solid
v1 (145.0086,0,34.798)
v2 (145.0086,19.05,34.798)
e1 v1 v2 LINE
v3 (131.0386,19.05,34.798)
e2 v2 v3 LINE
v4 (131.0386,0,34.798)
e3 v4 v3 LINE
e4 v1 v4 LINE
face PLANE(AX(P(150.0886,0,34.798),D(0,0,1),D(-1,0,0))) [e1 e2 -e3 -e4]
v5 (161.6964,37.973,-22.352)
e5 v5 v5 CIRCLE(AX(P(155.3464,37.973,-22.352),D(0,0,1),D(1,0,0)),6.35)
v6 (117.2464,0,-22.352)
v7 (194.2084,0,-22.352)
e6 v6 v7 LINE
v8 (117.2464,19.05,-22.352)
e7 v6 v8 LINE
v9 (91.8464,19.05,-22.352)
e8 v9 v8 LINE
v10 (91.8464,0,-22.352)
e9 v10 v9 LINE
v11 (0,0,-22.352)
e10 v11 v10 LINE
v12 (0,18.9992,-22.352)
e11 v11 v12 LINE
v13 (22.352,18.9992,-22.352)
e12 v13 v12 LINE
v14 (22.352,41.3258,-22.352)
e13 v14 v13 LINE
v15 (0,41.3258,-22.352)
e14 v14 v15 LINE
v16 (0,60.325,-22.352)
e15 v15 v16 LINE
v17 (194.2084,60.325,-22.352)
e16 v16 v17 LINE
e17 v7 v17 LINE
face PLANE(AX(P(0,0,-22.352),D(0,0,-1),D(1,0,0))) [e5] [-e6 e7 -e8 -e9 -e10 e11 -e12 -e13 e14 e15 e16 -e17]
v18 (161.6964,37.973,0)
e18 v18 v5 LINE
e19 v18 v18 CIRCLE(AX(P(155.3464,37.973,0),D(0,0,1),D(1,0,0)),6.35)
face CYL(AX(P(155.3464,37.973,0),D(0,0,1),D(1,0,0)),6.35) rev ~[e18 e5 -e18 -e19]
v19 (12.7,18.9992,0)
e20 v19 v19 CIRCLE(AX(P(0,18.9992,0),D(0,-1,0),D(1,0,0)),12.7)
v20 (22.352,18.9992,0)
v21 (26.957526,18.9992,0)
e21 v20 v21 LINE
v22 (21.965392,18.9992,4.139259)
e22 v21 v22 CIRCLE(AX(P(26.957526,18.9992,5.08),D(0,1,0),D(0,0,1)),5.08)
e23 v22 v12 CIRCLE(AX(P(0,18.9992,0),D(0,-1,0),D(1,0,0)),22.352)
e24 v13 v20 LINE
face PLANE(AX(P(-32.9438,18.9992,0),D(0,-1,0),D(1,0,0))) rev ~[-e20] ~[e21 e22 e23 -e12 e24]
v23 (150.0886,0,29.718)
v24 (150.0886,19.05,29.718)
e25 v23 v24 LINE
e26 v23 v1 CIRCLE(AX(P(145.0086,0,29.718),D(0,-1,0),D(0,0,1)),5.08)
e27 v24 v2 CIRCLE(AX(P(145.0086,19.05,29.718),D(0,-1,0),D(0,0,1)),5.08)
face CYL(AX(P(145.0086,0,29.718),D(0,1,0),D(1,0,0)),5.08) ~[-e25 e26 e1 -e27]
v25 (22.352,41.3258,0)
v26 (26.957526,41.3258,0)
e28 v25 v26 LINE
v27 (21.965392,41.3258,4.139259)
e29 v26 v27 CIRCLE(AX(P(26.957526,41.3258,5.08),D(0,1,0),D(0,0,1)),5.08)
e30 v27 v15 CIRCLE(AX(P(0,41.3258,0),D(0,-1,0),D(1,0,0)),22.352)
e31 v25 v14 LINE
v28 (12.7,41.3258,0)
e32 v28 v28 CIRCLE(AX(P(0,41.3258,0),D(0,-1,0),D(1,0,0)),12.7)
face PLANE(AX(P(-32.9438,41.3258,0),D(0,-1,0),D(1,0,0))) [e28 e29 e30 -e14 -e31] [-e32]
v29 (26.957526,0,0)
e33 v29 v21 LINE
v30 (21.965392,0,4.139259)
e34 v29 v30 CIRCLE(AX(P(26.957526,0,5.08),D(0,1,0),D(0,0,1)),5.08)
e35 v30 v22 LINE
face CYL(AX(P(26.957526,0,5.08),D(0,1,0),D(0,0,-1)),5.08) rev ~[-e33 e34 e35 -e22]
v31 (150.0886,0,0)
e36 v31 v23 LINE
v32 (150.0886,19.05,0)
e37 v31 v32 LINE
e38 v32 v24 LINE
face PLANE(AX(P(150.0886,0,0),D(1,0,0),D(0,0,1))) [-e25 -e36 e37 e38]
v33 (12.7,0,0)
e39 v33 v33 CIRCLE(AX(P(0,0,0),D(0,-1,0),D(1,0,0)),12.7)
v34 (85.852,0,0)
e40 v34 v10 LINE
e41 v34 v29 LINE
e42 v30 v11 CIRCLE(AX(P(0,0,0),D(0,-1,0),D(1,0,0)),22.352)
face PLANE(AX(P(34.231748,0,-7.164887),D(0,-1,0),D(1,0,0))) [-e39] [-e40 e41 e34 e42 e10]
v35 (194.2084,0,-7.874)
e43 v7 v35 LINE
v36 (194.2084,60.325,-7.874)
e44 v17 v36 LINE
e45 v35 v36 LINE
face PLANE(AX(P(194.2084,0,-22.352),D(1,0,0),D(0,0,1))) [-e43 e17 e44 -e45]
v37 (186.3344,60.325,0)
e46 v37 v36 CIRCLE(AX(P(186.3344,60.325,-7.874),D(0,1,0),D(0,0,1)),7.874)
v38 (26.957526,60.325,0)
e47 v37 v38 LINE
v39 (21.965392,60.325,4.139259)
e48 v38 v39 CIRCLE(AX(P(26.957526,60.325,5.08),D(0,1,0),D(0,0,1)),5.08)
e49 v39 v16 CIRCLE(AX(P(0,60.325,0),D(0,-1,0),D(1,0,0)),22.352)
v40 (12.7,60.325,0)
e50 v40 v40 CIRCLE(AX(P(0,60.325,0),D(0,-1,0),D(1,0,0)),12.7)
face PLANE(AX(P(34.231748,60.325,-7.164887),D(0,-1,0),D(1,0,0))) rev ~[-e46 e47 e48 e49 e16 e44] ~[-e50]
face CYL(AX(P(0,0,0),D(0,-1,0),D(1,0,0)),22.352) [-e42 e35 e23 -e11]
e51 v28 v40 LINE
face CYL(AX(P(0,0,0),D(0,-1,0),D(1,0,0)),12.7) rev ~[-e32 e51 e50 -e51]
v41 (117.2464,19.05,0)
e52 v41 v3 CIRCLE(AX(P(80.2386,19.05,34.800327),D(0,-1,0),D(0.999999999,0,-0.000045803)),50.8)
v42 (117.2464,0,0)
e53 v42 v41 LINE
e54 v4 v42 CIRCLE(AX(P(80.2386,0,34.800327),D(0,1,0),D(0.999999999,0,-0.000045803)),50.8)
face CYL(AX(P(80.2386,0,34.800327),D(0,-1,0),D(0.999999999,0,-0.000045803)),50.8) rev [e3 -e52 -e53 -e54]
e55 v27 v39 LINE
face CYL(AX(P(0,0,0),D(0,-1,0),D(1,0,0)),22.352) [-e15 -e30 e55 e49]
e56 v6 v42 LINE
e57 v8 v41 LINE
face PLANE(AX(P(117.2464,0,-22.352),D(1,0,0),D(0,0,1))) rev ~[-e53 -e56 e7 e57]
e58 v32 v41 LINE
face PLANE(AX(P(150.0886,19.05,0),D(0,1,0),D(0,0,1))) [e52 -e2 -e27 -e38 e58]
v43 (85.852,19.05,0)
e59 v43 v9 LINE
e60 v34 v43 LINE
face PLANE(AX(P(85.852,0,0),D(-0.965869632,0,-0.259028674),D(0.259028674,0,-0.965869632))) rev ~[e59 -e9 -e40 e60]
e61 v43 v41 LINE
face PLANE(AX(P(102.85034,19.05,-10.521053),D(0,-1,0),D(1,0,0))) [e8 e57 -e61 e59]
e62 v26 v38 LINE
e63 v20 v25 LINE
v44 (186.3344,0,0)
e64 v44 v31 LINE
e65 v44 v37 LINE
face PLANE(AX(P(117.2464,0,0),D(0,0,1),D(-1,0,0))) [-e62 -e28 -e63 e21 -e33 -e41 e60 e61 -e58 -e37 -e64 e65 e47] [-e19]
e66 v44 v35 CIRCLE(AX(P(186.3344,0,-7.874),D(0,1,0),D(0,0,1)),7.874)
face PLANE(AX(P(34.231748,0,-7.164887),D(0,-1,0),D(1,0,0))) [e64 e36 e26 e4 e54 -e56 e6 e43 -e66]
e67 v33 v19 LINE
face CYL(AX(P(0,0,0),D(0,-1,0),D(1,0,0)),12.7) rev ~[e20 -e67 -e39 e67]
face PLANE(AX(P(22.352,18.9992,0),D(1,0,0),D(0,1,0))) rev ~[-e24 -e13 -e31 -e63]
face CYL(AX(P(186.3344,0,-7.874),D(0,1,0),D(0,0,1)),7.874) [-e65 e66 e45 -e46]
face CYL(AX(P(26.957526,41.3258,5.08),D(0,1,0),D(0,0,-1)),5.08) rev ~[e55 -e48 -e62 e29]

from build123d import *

# Parameters (mm, degrees)
F0_R     = 12.7
F1_DEPTH = 60.325
F2_DEPTH = 19.05
F3_W     = 41.275
F3_H     = 34.798
F4_DEPTH = 50.8
F5_W     = 55.2958
F5_H     = 22.3266
F6_DEPTH = 63.5
F7_R     = 6.35
F8_DEPTH = 127
F9_R     = 7.874
F10_R    = 5.08
F11_R    = 5.08


with BuildPart() as f1:
    # F0 (on Front) → F1 (new body)
    with BuildSketch(Plane.XZ):
        with BuildLine():
            Line((85.852, 0), (22.352, 0))
            ThreePointArc((22.352, 0), (-15.8052507731, 15.8052507731), (0, -22.352))
            Line((0, -22.352), (91.8464, -22.352))
            Line((91.8464, -22.352), (85.852, 0))
        make_face()
        Circle(F0_R, mode=Mode.SUBTRACT)
        Polygon((117.2464, 0), (85.852, 0), (91.8464, -22.352), (117.2464, -22.352), align=None)
        with BuildLine():
            ThreePointArc((131.0386, 34.798), (127.4644153616, 16.0823576341), (117.2464, 0))
            Line((117.2464, 0), (117.2464, -22.352))
            Line((117.2464, -22.352), (194.2084, -22.352))
            Line((194.2084, -22.352), (194.2084, 0))
            Line((194.2084, 0), (150.0886, 0))
            Line((150.0886, 0), (150.0886, 34.798))
            Line((150.0886, 34.798), (131.0386, 34.798))
        make_face()
    extrude(amount=-F1_DEPTH)

    # F0 (on Front) → F2 (cut)
    with BuildSketch(Plane.XZ):
        Polygon((117.2464, 0), (85.852, 0), (91.8464, -22.352), (117.2464, -22.352), align=None)
    extrude(amount=-F2_DEPTH, mode=Mode.SUBTRACT)

    # F3 (on face) → F4 (cut)
    with BuildSketch(Plane.YZ.offset(150.0886)):
        with Locations((39.6875, 17.399)):
            Rectangle(F3_W, F3_H)
    extrude(amount=-F4_DEPTH, mode=Mode.SUBTRACT)

    # F5 (on Top) → F6 (cut, symmetric)
    with BuildSketch(Plane.XY):
        with Locations((-5.2959, 30.1625)):
            Rectangle(F5_W, F5_H)
    extrude(amount=F6_DEPTH, both=True, mode=Mode.SUBTRACT)

    # F7 (on face) → F8 (cut)
    with BuildSketch(Plane.XY):
        with Locations((155.3464, 37.973)):
            Circle(F7_R)
    extrude(amount=-F8_DEPTH, mode=Mode.SUBTRACT)

    # F9
    f9_edges = [f1.edges().sort_by_distance(p)[0] for p in [
        (194.2084, 30.1625, 0),
    ]]
    fillet(f9_edges, radius=F9_R)

    # F10
    f10_edges = [f1.edges().sort_by_distance(p)[0] for p in [
        (150.0886, 9.525, 34.798),
    ]]
    fillet(f10_edges, radius=F10_R)

    # F11
    f11_edges = [f1.edges().sort_by_distance(p)[0] for p in [
        (22.352, 9.4996, 0),
        (22.352, 50.8254, 0),
    ]]
    fillet(f11_edges, radius=F11_R)


solid = f1.part
